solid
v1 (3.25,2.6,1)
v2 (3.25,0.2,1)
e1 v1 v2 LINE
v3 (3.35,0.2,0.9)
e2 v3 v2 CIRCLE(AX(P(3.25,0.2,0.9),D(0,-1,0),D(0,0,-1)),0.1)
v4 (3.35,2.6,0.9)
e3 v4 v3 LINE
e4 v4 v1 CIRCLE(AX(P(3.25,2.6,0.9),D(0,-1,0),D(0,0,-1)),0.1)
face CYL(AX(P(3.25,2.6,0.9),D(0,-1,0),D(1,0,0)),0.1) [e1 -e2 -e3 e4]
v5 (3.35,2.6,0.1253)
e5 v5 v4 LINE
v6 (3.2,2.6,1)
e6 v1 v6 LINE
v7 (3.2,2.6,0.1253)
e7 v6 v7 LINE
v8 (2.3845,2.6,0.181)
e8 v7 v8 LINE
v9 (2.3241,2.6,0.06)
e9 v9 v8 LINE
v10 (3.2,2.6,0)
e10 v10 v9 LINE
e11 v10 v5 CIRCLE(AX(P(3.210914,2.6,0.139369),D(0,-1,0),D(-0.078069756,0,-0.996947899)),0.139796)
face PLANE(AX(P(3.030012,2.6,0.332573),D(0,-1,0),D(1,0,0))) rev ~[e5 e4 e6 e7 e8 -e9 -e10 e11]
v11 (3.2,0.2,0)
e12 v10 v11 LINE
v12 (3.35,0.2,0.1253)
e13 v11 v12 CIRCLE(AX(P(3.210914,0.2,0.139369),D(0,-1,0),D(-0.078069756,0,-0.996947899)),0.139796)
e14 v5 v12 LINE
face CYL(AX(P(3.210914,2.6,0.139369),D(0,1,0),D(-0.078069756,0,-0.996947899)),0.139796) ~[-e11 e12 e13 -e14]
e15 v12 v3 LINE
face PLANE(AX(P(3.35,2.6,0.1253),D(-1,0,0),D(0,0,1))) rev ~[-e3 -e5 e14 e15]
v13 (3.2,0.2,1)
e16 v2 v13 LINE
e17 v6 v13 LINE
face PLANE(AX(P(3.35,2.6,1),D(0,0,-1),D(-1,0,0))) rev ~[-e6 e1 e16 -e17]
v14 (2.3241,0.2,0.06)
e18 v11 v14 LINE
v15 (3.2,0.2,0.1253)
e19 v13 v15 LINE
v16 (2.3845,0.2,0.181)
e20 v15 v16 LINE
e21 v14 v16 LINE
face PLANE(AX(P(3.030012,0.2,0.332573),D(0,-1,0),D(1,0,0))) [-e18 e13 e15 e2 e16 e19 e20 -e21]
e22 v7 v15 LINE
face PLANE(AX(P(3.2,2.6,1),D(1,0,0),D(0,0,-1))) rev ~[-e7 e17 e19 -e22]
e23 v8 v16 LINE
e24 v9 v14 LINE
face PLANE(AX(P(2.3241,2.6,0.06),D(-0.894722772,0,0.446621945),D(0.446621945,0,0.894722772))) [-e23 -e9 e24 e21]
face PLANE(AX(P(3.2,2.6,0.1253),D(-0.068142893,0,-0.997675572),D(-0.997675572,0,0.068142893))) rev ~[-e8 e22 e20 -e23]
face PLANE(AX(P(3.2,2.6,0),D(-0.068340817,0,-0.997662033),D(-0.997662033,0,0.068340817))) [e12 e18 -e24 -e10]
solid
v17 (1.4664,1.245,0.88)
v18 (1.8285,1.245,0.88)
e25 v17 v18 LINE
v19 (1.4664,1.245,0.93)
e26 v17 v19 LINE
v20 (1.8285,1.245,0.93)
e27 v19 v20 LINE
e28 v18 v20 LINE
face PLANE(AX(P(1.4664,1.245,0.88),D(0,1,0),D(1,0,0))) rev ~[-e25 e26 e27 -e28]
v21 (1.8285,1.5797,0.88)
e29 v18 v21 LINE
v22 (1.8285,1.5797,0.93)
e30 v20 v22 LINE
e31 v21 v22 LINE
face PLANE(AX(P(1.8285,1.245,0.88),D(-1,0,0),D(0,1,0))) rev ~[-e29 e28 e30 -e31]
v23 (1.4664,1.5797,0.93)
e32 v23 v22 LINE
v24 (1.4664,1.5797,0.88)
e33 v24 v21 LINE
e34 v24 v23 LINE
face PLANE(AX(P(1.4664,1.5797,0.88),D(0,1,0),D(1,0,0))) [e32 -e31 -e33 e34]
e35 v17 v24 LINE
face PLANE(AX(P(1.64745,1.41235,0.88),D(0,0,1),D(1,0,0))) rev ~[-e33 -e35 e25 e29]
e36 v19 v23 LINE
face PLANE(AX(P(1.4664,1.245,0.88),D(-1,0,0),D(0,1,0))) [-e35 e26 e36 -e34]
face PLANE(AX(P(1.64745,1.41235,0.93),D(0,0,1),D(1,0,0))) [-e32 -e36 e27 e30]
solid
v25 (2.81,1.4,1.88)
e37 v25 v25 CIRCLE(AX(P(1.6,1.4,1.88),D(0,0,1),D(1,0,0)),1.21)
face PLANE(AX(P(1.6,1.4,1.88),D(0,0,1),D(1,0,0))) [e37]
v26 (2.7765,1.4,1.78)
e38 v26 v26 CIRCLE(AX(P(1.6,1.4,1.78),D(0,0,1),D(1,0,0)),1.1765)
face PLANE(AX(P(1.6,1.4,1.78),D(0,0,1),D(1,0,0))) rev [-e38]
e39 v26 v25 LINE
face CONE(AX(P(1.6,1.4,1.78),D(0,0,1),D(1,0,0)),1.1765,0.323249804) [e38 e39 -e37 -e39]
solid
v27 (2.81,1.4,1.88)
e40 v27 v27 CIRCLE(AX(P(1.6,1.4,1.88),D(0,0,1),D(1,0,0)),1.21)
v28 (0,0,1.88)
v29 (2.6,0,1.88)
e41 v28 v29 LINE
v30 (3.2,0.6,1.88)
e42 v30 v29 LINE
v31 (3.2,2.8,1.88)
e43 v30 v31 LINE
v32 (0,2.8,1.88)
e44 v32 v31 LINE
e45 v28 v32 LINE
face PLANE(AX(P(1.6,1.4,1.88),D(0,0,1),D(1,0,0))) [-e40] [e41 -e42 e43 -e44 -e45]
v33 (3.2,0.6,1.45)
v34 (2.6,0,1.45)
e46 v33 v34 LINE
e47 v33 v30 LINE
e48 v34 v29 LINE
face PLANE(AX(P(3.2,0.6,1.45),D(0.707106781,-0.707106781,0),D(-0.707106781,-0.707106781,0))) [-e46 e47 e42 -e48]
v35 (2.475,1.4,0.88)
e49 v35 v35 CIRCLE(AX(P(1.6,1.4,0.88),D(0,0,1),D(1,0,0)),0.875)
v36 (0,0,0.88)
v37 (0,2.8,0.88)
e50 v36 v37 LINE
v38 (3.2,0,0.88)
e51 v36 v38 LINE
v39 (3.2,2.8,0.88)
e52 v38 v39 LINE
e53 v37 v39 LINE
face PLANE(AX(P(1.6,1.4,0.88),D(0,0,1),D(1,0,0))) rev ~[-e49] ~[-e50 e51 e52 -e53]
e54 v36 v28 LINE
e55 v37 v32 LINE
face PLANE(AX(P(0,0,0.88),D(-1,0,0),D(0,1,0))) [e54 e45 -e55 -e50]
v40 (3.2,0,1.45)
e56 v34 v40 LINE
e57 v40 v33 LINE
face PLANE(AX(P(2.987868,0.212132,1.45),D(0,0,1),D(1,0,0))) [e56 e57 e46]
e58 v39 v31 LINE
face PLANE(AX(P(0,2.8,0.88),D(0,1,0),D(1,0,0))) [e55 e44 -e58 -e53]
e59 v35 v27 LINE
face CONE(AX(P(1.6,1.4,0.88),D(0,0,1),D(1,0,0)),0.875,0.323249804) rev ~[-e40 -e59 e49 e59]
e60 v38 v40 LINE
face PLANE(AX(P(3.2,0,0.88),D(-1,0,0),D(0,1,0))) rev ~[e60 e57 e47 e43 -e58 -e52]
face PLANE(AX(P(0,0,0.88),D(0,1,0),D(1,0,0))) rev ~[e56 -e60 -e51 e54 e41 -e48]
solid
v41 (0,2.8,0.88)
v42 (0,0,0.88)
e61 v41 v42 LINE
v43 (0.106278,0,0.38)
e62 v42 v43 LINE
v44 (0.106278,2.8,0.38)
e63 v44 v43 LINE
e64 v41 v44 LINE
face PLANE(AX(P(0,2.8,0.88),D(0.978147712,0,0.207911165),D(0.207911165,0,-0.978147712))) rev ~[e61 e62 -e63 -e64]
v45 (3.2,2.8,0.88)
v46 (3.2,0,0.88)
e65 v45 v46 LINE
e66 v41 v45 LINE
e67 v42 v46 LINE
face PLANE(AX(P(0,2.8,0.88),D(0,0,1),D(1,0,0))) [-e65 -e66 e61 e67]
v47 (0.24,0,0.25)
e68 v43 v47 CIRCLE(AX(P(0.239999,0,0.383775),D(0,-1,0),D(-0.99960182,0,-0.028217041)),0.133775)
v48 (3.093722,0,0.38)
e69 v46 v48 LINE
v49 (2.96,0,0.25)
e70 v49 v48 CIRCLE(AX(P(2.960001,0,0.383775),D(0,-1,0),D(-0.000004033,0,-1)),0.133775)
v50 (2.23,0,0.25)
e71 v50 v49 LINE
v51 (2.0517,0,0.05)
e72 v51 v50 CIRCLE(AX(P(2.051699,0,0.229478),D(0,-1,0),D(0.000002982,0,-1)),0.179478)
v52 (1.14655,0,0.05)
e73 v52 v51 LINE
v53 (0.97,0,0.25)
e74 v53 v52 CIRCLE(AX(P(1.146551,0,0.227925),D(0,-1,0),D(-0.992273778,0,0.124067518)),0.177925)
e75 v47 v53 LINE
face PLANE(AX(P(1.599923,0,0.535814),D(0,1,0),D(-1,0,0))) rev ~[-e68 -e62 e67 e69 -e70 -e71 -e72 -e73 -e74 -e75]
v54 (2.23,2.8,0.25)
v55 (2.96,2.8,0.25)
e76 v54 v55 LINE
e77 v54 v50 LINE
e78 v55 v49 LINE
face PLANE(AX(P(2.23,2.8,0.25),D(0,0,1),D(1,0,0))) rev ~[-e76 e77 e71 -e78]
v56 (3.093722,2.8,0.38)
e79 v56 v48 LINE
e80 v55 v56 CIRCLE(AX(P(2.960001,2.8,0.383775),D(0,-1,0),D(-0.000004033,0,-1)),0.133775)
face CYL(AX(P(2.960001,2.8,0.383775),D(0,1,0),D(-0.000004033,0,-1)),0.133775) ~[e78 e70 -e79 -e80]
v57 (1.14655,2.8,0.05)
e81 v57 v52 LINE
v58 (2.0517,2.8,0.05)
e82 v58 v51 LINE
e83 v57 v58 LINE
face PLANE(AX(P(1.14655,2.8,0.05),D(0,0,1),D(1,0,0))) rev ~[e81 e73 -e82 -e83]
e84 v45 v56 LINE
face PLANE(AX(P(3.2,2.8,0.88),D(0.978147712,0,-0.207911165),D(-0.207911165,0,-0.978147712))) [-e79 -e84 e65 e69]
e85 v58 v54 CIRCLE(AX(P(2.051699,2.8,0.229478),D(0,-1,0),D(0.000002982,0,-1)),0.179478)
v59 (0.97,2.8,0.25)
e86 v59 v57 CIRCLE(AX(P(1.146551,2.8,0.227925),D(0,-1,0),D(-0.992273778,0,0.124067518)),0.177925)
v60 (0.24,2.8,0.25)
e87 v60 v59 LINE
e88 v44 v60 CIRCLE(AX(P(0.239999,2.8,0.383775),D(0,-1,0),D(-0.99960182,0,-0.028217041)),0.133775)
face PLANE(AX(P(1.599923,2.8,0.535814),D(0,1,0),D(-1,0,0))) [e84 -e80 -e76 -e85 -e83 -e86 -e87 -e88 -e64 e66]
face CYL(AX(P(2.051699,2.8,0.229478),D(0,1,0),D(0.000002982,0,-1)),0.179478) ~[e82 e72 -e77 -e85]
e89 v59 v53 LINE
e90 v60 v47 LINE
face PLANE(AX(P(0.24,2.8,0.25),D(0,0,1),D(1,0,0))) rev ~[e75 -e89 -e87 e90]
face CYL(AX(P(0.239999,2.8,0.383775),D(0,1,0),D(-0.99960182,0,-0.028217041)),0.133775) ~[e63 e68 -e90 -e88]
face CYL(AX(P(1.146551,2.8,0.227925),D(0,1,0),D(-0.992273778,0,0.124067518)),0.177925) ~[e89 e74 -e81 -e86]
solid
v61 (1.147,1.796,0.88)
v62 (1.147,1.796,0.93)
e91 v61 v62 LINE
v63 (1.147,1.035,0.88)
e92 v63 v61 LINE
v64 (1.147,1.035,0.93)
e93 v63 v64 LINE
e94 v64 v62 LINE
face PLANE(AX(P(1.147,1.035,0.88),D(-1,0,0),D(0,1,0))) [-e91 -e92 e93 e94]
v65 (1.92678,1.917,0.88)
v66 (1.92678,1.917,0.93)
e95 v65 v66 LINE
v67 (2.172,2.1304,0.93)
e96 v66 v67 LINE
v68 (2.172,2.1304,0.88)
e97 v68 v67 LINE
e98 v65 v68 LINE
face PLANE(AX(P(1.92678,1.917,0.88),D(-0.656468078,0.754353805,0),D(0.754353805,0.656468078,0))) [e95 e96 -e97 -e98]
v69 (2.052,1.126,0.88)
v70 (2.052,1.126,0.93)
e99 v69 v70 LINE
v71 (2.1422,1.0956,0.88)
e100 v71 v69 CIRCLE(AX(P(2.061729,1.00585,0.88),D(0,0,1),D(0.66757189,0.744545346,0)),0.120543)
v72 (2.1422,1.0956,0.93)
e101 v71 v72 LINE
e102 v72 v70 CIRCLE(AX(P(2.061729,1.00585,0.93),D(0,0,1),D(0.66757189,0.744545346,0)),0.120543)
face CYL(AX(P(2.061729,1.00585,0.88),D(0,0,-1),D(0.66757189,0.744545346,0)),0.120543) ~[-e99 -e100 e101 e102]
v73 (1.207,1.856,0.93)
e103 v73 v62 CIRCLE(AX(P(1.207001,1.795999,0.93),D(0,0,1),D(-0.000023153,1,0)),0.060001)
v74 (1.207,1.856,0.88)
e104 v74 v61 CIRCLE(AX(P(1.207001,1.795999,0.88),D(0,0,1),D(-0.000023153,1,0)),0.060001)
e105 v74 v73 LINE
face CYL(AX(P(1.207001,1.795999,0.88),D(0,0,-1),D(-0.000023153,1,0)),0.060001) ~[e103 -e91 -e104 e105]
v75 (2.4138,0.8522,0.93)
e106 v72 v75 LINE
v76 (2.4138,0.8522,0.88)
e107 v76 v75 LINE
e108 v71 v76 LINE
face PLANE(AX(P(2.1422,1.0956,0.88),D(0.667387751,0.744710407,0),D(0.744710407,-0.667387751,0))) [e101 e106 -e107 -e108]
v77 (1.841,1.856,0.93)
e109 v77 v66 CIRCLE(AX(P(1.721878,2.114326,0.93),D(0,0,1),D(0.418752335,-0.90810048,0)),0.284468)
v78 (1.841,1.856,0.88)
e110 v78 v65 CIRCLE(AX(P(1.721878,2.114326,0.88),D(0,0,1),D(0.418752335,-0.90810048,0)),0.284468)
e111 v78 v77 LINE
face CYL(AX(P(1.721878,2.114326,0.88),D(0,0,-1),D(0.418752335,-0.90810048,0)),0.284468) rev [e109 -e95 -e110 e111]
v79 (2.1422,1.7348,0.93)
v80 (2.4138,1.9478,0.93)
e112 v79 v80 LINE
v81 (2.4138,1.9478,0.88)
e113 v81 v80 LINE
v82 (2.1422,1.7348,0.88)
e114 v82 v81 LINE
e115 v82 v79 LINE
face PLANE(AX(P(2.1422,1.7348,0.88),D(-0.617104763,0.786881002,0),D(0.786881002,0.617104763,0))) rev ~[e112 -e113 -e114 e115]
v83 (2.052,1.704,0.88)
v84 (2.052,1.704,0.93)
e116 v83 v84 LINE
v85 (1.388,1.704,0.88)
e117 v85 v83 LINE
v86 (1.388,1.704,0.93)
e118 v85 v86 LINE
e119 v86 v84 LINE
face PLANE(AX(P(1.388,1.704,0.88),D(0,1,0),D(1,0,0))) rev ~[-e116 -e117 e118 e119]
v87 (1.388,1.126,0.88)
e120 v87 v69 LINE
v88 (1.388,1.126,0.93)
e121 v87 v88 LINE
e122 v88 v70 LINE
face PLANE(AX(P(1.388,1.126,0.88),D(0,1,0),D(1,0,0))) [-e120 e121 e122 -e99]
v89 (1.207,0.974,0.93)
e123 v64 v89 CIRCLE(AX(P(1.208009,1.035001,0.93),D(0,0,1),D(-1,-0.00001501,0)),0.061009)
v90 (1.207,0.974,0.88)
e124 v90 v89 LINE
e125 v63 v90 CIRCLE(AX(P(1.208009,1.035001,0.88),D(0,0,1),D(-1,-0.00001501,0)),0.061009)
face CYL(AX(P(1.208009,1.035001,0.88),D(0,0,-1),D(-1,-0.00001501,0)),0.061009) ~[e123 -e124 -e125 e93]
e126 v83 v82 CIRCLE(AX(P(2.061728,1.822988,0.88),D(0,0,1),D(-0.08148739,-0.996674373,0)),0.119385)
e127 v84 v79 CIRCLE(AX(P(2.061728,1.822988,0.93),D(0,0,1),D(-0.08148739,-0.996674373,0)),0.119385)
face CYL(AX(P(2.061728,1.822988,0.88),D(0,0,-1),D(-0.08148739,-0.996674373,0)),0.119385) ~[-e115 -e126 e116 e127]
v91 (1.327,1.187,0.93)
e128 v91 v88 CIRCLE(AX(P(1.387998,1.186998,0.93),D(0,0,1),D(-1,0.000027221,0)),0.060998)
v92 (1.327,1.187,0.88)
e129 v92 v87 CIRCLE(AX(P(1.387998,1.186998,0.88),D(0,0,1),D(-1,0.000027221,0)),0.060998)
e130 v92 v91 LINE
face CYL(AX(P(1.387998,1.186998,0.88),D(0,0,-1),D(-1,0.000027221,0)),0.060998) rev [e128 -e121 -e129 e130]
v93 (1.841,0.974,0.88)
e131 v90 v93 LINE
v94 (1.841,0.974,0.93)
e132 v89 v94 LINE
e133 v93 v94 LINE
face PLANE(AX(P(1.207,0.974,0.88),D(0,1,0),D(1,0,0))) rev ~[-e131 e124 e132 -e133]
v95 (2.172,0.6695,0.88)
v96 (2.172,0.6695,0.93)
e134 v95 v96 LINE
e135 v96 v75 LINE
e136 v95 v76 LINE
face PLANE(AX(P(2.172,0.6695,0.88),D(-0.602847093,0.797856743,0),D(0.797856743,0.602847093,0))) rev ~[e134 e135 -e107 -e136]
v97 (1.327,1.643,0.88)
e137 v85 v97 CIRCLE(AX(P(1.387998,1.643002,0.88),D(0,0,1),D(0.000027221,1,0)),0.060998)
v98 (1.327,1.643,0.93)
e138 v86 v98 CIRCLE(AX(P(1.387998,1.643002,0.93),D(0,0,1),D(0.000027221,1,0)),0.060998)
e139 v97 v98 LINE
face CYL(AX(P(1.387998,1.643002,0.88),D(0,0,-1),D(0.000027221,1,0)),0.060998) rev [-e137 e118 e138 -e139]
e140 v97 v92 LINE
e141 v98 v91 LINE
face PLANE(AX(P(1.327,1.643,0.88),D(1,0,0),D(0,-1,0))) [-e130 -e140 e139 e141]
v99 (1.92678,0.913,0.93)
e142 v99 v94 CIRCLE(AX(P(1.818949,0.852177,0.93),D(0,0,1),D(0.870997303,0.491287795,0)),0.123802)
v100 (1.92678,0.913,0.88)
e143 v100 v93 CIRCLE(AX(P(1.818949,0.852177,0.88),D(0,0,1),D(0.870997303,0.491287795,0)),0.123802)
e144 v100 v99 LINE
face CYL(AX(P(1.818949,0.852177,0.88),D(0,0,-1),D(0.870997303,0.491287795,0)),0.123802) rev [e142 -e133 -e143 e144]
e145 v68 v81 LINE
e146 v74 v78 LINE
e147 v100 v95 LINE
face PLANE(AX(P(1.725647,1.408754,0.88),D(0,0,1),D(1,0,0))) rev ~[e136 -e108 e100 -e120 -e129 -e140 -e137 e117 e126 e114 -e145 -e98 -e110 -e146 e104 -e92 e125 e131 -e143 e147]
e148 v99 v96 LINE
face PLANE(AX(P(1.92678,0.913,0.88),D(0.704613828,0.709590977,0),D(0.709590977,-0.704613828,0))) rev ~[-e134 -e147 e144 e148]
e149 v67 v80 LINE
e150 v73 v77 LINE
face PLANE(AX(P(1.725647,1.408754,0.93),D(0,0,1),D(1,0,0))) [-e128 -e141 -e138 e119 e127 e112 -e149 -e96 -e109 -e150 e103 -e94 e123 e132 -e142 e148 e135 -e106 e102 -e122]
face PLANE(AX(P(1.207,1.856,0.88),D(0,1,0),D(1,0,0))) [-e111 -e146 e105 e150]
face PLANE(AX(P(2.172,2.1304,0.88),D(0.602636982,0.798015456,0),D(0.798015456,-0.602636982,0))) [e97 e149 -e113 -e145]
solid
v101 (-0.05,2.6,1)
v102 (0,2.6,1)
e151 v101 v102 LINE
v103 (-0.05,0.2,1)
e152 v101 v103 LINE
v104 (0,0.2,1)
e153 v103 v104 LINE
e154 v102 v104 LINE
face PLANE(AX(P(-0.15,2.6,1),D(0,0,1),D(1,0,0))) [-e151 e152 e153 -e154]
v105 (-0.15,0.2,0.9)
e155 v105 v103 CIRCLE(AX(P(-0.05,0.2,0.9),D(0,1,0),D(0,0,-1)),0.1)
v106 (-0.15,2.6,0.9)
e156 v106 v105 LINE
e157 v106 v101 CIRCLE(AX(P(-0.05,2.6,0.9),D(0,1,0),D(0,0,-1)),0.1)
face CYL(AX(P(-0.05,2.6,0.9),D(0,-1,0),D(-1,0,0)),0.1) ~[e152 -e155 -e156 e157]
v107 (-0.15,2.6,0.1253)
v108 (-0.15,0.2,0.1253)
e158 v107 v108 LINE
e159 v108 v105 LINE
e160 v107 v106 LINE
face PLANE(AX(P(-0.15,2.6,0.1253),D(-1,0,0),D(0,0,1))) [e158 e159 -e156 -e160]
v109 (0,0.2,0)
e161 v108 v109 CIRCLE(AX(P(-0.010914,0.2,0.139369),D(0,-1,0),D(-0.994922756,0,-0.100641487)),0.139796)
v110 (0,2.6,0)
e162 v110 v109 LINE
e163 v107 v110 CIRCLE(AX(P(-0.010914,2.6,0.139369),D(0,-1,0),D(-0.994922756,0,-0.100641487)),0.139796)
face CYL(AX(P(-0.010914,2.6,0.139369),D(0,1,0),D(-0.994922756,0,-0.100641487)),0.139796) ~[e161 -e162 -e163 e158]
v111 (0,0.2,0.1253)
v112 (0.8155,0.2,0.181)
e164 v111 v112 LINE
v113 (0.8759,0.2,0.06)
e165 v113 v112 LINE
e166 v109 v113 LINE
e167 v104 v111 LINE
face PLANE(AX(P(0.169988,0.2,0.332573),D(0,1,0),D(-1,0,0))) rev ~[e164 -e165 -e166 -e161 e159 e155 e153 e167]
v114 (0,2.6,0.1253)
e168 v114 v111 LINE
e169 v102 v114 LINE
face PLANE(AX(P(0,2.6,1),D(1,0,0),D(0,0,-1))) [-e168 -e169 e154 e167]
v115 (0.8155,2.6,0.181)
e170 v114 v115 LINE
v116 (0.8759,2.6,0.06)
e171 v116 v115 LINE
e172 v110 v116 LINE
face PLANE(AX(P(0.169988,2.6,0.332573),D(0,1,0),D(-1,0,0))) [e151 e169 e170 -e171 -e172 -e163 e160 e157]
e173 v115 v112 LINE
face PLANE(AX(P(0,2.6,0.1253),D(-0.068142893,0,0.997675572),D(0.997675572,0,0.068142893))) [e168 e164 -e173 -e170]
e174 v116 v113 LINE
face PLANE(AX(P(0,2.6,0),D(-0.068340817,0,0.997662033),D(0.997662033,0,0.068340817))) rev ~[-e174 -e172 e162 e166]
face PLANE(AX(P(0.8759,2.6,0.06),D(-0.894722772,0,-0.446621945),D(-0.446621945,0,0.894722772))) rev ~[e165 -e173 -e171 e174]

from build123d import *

# Parameters (mm, degrees)
PAD_DEPTH    = 2.8
PAD001_DEPTH = 0.43
BOX_W        = 3.2
BOX_H        = 2.8
BOX_DEPTH    = 1
PAD002_DEPTH = 2.4
FILLET_R     = 0.1
PAD003_DEPTH = 2.4
FILLET001_R  = 0.1
BOX001_W     = 0.3621
BOX001_H     = 0.3347
BOX001_DEPTH = 0.05
PAD004_DEPTH = 0.05


with BuildPart() as pad:
    # Sketch → Pad (new body)
    with BuildSketch(Plane.XZ.offset(-2.8)):
        with BuildLine():
            Line((0, 0.88), (3.2, 0.88))
            Line((3.2, 0.88), (3.093722, 0.38))
            ThreePointArc((2.96, 0.25), (3.053249, 0.287856), (3.093722, 0.38))
            Line((2.23, 0.25), (2.96, 0.25))
            ThreePointArc((2.0517, 0.05), (2.185669, 0.110044), (2.23, 0.25))
            Line((1.14655, 0.05), (2.0517, 0.05))
            ThreePointArc((0.97, 0.25), (1.013162, 0.110176), (1.14655, 0.05))
            Line((0.24, 0.25), (0.97, 0.25))
            ThreePointArc((0.106278, 0.38), (0.146751, 0.287856), (0.24, 0.25))
            Line((0, 0.88), (0.106278, 0.38))
        make_face()
    extrude(amount=PAD_DEPTH)


with BuildPart() as pad001:
    # Sketch001 → Pad001 (new body)
    with BuildSketch(Plane(origin=(2.6, 0, 1.45), x_dir=(1, 0, 0), z_dir=(0, 0, 1))):
        Polygon((0, 0), (0.6, 0), (0.6, 0.6), align=None)
    extrude(amount=PAD001_DEPTH)


with BuildPart() as cone:
    # Cone → Cone (revolve)
    with BuildSketch(Plane(origin=(1.6, 1.4, 0.88), x_dir=(1, 0, 0), z_dir=(0, -1, 0))):
        Polygon((0, 0), (0.875, 0), (1.21, 1), (0, 1), align=None)
    revolve(axis=Axis((1.6, 1.4, 0.88), (0, 0, 1)))


with BuildPart() as cut001:
    # Box → Box (new body)
    with BuildSketch(Plane.XY.offset(0.88)):
        with Locations((1.6, 1.4)):
            Rectangle(BOX_W, BOX_H)
    extrude(amount=BOX_DEPTH)

    # Cut: cut Cone
    add(cone.part, mode=Mode.SUBTRACT)

    # Cut001: cut Pad001
    add(pad001.part, mode=Mode.SUBTRACT)


with BuildPart() as fillet_body:
    # Sketch002 → Pad002 (new body)
    with BuildSketch(Plane.XZ.offset(-2.6)):
        with BuildLine():
            Line((-0.15, 0.1253), (-0.15, 1))
            Line((-0.15, 1), (0, 1))
            Line((0, 1), (0, 0.1253))
            Line((0, 0.1253), (0.8155, 0.181))
            Line((0.8759, 0.06), (0.8155, 0.181))
            Line((0, 0), (0.8759, 0.06))
            ThreePointArc((-0.15, 0.1253), (-0.100536, 0.032081), (0, 0))
        make_face()
    extrude(amount=PAD002_DEPTH)

    # Fillet
    fillet_edges = [fillet_body.edges().sort_by_distance(p)[0] for p in [
        (-0.15, 1.4, 1),
    ]]
    fillet(fillet_edges, radius=FILLET_R)


with BuildPart() as fillet001:
    # Sketch003 → Pad003 (new body)
    with BuildSketch(Plane(origin=(3.2, 2.6, 0), x_dir=(1, 0, 0), z_dir=(0, -1, 0))):
        with BuildLine():
            Line((0.15, 0.1253), (0.15, 1))
            Line((0.15, 1), (0, 1))
            Line((0, 1), (0, 0.1253))
            Line((0, 0.1253), (-0.8155, 0.181))
            Line((-0.8759, 0.06), (-0.8155, 0.181))
            Line((0, 0), (-0.8759, 0.06))
            ThreePointArc((0, 0), (0.100536, 0.032081), (0.15, 0.1253))
        make_face()
    extrude(amount=PAD003_DEPTH)

    # Fillet001
    fillet001_edges = [fillet001.edges().sort_by_distance(p)[0] for p in [
        (3.35, 1.4, 1),
    ]]
    fillet(fillet001_edges, radius=FILLET001_R)


with BuildPart() as cone001:
    # Cone001 → Cone001 (revolve)
    with BuildSketch(Plane(origin=(1.6, 1.4, 1.78), x_dir=(1, 0, 0), z_dir=(0, -1, 0))):
        Polygon((0, 0), (1.1765, 0), (1.21, 0.1), (0, 0.1), align=None)
    revolve(axis=Axis((1.6, 1.4, 1.78), (0, 0, 1)))


with BuildPart() as cube001:
    # Box001 → Box001 (new body)
    with BuildSketch(Plane(origin=(1.4664, 1.245, 0.88), x_dir=(1, 0, 0), z_dir=(0, 0, 1))):
        with Locations((0.18105, 0.16735)):
            Rectangle(BOX001_W, BOX001_H)
    extrude(amount=BOX001_DEPTH)


with BuildPart() as pad004:
    # Sketch004 → Pad004 (new body)
    with BuildSketch(Plane.XY.offset(0.88)):
        with BuildLine():
            Line((1.207, 0.974), (1.841, 0.974))
            ThreePointArc((1.92678, 0.913), (1.890696, 0.95307), (1.841, 0.974))
            Line((1.92678, 0.913), (2.172, 0.6695))
            Line((2.172, 0.6695), (2.4138, 0.8522))
            Line((2.1422, 1.0956), (2.4138, 0.8522))
            ThreePointArc((2.1422, 1.0956), (2.100228, 1.12008), (2.052, 1.126))
            Line((1.388, 1.126), (2.052, 1.126))
            ThreePointArc((1.327, 1.187), (1.344866, 1.143866), (1.388, 1.126))
            Line((1.327, 1.643), (1.327, 1.187))
            ThreePointArc((1.388, 1.704), (1.344866, 1.686134), (1.327, 1.643))
            Line((1.388, 1.704), (2.052, 1.704))
            ThreePointArc((2.052, 1.704), (2.100307, 1.710008), (2.1422, 1.7348))
            Line((2.1422, 1.7348), (2.4138, 1.9478))
            Line((2.172, 2.1304), (2.4138, 1.9478))
            Line((1.92678, 1.917), (2.172, 2.1304))
            ThreePointArc((1.841, 1.856), (1.886736, 1.882498), (1.92678, 1.917))
            Line((1.207, 1.856), (1.841, 1.856))
            ThreePointArc((1.207, 1.856), (1.164574, 1.838426), (1.147, 1.796))
            Line((1.147, 1.035), (1.147, 1.796))
            ThreePointArc((1.147, 1.035), (1.164514, 0.992219), (1.207, 0.974))
        make_face()
    extrude(amount=PAD004_DEPTH)


solid = Compound([pad.part, cut001.part, fillet_body.part, fillet001.part, cone001.part, cube001.part, pad004.part])
